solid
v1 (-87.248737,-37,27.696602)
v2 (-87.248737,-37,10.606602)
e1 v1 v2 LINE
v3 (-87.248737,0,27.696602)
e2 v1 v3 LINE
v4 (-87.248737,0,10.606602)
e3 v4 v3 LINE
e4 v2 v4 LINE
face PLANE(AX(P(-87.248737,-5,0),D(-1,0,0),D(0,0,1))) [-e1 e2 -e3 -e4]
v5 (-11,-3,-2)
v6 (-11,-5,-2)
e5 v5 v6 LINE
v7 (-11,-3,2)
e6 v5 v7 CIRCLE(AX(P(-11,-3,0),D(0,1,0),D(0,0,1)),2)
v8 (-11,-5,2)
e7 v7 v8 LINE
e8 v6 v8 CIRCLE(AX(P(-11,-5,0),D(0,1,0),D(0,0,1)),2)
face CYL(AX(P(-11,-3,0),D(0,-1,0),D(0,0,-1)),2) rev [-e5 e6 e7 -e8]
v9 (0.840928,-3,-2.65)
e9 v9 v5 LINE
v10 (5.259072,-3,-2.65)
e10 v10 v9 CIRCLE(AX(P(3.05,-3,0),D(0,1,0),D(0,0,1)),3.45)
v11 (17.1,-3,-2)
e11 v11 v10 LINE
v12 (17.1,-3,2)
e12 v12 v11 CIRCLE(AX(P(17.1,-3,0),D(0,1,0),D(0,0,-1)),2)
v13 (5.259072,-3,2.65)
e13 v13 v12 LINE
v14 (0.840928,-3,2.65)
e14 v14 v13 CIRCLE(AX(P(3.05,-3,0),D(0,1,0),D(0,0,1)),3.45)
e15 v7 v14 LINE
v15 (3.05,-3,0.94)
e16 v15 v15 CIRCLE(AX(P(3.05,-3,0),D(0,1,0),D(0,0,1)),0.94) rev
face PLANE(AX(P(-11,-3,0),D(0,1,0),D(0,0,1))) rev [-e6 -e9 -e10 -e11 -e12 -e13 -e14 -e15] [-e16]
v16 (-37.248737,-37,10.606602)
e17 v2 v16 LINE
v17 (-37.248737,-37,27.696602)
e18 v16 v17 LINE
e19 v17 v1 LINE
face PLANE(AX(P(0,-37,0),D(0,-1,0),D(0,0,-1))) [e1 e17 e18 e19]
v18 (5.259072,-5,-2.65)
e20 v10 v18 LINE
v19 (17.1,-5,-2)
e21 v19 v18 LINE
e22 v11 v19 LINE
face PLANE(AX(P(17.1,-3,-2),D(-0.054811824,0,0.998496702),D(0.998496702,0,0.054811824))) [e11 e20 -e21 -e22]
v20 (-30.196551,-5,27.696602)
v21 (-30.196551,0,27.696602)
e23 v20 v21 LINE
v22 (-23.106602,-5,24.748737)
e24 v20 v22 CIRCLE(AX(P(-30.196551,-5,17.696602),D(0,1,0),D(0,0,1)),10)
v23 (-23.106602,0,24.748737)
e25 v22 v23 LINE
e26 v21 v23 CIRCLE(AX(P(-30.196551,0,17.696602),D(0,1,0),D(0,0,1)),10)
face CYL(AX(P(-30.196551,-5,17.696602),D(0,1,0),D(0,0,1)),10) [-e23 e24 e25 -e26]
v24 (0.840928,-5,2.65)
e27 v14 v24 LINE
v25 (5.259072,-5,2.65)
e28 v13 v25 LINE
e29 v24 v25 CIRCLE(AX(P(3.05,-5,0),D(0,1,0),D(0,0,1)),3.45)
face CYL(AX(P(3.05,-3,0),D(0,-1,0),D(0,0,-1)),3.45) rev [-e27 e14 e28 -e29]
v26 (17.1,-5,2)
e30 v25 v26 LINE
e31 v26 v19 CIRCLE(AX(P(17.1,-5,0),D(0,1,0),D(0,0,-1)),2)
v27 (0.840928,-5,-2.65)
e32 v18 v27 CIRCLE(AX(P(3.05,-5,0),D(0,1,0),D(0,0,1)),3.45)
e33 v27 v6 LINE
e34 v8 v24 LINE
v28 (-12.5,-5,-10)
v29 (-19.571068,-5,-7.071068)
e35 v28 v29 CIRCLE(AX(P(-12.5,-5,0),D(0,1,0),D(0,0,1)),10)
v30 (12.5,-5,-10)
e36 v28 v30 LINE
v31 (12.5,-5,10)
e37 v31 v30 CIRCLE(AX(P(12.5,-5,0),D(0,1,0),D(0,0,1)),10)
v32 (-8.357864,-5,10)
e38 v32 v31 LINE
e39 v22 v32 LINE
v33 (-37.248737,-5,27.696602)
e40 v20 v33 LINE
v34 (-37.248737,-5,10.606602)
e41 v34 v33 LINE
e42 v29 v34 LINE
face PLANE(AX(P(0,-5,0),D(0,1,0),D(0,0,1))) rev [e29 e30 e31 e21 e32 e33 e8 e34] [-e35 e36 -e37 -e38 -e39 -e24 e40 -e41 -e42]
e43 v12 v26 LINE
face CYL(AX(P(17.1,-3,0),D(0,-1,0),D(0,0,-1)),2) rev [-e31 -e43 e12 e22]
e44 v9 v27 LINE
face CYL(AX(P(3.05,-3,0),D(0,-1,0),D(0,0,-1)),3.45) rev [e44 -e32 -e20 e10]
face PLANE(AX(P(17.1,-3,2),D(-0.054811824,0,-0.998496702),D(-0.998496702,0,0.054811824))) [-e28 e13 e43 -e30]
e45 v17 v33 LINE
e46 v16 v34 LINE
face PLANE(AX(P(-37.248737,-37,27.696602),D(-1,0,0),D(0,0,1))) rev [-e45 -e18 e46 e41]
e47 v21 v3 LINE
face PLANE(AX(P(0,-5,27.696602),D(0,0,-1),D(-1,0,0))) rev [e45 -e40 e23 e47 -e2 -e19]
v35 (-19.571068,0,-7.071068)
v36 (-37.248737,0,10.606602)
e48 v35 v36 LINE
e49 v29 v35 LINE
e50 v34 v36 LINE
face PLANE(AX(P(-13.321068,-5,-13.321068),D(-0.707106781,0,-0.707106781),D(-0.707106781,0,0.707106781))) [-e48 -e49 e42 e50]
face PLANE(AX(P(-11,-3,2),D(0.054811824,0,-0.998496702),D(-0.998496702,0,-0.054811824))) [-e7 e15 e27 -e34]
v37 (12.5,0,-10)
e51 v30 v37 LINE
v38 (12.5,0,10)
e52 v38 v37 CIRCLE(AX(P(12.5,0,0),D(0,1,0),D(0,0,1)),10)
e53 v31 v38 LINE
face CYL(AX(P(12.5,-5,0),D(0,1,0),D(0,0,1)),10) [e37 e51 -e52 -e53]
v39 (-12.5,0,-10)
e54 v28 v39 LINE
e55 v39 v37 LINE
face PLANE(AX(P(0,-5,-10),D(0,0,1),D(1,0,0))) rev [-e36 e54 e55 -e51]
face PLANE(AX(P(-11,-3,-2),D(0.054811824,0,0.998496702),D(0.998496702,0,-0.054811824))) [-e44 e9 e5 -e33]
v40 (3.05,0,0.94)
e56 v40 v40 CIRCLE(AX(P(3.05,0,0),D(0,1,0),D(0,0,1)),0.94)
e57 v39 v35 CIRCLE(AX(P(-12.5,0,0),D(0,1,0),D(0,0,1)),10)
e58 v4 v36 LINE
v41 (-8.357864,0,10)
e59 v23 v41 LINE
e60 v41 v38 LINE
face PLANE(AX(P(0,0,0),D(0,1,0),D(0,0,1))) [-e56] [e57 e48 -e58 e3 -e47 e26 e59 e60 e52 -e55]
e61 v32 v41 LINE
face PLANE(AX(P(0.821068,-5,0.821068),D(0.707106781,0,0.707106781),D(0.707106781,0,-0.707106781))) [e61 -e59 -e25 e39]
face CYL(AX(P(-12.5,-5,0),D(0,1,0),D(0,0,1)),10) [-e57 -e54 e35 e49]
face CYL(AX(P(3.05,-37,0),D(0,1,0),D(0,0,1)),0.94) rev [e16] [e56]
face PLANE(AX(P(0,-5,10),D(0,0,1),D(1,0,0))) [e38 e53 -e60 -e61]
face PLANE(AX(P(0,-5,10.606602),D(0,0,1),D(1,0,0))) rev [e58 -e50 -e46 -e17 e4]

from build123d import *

# Parameters (mm, degrees)
RESSALTO_EXTRUS_O1_DEPTH = 5
ESBO_O2_W                = 50
ESBO_O2_H                = 17.09
RESSALTO_EXTRUS_O2_DEPTH = 32
ESBO_O3_R                = 0.94
CORTE_EXTRUS_O1_DEPTH    = 38
CORTE_EXTRUS_O2_DEPTH    = 2


with BuildPart() as part:
    # Esboço1 → Ressalto-extrusão1 (new body)
    with BuildSketch(Plane(origin=(0, 0, 0), x_dir=(1, 0, 0), z_dir=(0, 1, 0))):
        with BuildLine():
            ThreePointArc((-12.5, -10), (-21.738795325, -3.826834324), (-19.571067812, 7.071067812))
            Line((-19.571067812, 7.071067812), (-37.248737342, -10.606601718))
            Line((-37.248737342, -10.606601718), (-87.248737342, -10.606601718))
            Line((-87.248737342, -10.606601718), (-87.248737342, -27.696601718))
            Line((-87.248737342, -27.696601718), (-30.196551164, -27.696601718))
            ThreePointArc((-30.196551164, -27.696601718), (-26.357368714, -26.930272609), (-23.106601718, -24.748737342))
            Line((-23.106601718, -24.748737342), (-8.357864376, -10))
            Line((-8.357864376, -10), (-12.5, -10))
        make_face()
        with BuildLine():
            Line((-12.5, -10), (12.5, -10))
            ThreePointArc((12.5, -10), (22.5, 0), (12.5, 10))
            Line((12.5, 10), (-12.5, 10))
            ThreePointArc((-12.5, 10), (-22.5, 0), (-12.5, -10))
        make_face()
    extrude(amount=-RESSALTO_EXTRUS_O1_DEPTH)

    # Esboço2 → Ressalto-extrusão2 (add)
    with BuildSketch(Plane.XZ.offset(5)):
        with Locations((-62.248737342, 19.151601718)):
            Rectangle(ESBO_O2_W, ESBO_O2_H)
    extrude(amount=RESSALTO_EXTRUS_O2_DEPTH)

    # Esboço3 → Corte-extrusão1 (cut, through all)
    with BuildSketch(Plane(origin=(0, 0, 0), x_dir=(1, 0, 0), z_dir=(0, 1, 0))):
        with Locations((3.05, 0)):
            Circle(ESBO_O3_R)
    extrude(amount=-CORTE_EXTRUS_O1_DEPTH, mode=Mode.SUBTRACT)

    # Esboço6 → Corte-extrusão2 (cut)
    with BuildSketch(Plane(origin=(0, -5, 0), x_dir=(1, 0, 0), z_dir=(0, 1, 0))):
        with BuildLine():
            Line((-11, 2), (0.840927797, 2.65))
            ThreePointArc((0.840927797, 2.65), (3.05, 3.45), (5.259072203, 2.65))
            Line((5.259072203, 2.65), (17.1, 2))
            ThreePointArc((17.1, 2), (19.1, 0), (17.1, -2))
            Line((17.1, -2), (5.259072203, -2.65))
            ThreePointArc((5.259072203, -2.65), (3.05, -3.45), (0.840927797, -2.65))
            Line((0.840927797, -2.65), (-11, -2))
            ThreePointArc((-11, -2), (-13, 0), (-11, 2))
        make_face()
    extrude(amount=CORTE_EXTRUS_O2_DEPTH, mode=Mode.SUBTRACT)


solid = part.part
